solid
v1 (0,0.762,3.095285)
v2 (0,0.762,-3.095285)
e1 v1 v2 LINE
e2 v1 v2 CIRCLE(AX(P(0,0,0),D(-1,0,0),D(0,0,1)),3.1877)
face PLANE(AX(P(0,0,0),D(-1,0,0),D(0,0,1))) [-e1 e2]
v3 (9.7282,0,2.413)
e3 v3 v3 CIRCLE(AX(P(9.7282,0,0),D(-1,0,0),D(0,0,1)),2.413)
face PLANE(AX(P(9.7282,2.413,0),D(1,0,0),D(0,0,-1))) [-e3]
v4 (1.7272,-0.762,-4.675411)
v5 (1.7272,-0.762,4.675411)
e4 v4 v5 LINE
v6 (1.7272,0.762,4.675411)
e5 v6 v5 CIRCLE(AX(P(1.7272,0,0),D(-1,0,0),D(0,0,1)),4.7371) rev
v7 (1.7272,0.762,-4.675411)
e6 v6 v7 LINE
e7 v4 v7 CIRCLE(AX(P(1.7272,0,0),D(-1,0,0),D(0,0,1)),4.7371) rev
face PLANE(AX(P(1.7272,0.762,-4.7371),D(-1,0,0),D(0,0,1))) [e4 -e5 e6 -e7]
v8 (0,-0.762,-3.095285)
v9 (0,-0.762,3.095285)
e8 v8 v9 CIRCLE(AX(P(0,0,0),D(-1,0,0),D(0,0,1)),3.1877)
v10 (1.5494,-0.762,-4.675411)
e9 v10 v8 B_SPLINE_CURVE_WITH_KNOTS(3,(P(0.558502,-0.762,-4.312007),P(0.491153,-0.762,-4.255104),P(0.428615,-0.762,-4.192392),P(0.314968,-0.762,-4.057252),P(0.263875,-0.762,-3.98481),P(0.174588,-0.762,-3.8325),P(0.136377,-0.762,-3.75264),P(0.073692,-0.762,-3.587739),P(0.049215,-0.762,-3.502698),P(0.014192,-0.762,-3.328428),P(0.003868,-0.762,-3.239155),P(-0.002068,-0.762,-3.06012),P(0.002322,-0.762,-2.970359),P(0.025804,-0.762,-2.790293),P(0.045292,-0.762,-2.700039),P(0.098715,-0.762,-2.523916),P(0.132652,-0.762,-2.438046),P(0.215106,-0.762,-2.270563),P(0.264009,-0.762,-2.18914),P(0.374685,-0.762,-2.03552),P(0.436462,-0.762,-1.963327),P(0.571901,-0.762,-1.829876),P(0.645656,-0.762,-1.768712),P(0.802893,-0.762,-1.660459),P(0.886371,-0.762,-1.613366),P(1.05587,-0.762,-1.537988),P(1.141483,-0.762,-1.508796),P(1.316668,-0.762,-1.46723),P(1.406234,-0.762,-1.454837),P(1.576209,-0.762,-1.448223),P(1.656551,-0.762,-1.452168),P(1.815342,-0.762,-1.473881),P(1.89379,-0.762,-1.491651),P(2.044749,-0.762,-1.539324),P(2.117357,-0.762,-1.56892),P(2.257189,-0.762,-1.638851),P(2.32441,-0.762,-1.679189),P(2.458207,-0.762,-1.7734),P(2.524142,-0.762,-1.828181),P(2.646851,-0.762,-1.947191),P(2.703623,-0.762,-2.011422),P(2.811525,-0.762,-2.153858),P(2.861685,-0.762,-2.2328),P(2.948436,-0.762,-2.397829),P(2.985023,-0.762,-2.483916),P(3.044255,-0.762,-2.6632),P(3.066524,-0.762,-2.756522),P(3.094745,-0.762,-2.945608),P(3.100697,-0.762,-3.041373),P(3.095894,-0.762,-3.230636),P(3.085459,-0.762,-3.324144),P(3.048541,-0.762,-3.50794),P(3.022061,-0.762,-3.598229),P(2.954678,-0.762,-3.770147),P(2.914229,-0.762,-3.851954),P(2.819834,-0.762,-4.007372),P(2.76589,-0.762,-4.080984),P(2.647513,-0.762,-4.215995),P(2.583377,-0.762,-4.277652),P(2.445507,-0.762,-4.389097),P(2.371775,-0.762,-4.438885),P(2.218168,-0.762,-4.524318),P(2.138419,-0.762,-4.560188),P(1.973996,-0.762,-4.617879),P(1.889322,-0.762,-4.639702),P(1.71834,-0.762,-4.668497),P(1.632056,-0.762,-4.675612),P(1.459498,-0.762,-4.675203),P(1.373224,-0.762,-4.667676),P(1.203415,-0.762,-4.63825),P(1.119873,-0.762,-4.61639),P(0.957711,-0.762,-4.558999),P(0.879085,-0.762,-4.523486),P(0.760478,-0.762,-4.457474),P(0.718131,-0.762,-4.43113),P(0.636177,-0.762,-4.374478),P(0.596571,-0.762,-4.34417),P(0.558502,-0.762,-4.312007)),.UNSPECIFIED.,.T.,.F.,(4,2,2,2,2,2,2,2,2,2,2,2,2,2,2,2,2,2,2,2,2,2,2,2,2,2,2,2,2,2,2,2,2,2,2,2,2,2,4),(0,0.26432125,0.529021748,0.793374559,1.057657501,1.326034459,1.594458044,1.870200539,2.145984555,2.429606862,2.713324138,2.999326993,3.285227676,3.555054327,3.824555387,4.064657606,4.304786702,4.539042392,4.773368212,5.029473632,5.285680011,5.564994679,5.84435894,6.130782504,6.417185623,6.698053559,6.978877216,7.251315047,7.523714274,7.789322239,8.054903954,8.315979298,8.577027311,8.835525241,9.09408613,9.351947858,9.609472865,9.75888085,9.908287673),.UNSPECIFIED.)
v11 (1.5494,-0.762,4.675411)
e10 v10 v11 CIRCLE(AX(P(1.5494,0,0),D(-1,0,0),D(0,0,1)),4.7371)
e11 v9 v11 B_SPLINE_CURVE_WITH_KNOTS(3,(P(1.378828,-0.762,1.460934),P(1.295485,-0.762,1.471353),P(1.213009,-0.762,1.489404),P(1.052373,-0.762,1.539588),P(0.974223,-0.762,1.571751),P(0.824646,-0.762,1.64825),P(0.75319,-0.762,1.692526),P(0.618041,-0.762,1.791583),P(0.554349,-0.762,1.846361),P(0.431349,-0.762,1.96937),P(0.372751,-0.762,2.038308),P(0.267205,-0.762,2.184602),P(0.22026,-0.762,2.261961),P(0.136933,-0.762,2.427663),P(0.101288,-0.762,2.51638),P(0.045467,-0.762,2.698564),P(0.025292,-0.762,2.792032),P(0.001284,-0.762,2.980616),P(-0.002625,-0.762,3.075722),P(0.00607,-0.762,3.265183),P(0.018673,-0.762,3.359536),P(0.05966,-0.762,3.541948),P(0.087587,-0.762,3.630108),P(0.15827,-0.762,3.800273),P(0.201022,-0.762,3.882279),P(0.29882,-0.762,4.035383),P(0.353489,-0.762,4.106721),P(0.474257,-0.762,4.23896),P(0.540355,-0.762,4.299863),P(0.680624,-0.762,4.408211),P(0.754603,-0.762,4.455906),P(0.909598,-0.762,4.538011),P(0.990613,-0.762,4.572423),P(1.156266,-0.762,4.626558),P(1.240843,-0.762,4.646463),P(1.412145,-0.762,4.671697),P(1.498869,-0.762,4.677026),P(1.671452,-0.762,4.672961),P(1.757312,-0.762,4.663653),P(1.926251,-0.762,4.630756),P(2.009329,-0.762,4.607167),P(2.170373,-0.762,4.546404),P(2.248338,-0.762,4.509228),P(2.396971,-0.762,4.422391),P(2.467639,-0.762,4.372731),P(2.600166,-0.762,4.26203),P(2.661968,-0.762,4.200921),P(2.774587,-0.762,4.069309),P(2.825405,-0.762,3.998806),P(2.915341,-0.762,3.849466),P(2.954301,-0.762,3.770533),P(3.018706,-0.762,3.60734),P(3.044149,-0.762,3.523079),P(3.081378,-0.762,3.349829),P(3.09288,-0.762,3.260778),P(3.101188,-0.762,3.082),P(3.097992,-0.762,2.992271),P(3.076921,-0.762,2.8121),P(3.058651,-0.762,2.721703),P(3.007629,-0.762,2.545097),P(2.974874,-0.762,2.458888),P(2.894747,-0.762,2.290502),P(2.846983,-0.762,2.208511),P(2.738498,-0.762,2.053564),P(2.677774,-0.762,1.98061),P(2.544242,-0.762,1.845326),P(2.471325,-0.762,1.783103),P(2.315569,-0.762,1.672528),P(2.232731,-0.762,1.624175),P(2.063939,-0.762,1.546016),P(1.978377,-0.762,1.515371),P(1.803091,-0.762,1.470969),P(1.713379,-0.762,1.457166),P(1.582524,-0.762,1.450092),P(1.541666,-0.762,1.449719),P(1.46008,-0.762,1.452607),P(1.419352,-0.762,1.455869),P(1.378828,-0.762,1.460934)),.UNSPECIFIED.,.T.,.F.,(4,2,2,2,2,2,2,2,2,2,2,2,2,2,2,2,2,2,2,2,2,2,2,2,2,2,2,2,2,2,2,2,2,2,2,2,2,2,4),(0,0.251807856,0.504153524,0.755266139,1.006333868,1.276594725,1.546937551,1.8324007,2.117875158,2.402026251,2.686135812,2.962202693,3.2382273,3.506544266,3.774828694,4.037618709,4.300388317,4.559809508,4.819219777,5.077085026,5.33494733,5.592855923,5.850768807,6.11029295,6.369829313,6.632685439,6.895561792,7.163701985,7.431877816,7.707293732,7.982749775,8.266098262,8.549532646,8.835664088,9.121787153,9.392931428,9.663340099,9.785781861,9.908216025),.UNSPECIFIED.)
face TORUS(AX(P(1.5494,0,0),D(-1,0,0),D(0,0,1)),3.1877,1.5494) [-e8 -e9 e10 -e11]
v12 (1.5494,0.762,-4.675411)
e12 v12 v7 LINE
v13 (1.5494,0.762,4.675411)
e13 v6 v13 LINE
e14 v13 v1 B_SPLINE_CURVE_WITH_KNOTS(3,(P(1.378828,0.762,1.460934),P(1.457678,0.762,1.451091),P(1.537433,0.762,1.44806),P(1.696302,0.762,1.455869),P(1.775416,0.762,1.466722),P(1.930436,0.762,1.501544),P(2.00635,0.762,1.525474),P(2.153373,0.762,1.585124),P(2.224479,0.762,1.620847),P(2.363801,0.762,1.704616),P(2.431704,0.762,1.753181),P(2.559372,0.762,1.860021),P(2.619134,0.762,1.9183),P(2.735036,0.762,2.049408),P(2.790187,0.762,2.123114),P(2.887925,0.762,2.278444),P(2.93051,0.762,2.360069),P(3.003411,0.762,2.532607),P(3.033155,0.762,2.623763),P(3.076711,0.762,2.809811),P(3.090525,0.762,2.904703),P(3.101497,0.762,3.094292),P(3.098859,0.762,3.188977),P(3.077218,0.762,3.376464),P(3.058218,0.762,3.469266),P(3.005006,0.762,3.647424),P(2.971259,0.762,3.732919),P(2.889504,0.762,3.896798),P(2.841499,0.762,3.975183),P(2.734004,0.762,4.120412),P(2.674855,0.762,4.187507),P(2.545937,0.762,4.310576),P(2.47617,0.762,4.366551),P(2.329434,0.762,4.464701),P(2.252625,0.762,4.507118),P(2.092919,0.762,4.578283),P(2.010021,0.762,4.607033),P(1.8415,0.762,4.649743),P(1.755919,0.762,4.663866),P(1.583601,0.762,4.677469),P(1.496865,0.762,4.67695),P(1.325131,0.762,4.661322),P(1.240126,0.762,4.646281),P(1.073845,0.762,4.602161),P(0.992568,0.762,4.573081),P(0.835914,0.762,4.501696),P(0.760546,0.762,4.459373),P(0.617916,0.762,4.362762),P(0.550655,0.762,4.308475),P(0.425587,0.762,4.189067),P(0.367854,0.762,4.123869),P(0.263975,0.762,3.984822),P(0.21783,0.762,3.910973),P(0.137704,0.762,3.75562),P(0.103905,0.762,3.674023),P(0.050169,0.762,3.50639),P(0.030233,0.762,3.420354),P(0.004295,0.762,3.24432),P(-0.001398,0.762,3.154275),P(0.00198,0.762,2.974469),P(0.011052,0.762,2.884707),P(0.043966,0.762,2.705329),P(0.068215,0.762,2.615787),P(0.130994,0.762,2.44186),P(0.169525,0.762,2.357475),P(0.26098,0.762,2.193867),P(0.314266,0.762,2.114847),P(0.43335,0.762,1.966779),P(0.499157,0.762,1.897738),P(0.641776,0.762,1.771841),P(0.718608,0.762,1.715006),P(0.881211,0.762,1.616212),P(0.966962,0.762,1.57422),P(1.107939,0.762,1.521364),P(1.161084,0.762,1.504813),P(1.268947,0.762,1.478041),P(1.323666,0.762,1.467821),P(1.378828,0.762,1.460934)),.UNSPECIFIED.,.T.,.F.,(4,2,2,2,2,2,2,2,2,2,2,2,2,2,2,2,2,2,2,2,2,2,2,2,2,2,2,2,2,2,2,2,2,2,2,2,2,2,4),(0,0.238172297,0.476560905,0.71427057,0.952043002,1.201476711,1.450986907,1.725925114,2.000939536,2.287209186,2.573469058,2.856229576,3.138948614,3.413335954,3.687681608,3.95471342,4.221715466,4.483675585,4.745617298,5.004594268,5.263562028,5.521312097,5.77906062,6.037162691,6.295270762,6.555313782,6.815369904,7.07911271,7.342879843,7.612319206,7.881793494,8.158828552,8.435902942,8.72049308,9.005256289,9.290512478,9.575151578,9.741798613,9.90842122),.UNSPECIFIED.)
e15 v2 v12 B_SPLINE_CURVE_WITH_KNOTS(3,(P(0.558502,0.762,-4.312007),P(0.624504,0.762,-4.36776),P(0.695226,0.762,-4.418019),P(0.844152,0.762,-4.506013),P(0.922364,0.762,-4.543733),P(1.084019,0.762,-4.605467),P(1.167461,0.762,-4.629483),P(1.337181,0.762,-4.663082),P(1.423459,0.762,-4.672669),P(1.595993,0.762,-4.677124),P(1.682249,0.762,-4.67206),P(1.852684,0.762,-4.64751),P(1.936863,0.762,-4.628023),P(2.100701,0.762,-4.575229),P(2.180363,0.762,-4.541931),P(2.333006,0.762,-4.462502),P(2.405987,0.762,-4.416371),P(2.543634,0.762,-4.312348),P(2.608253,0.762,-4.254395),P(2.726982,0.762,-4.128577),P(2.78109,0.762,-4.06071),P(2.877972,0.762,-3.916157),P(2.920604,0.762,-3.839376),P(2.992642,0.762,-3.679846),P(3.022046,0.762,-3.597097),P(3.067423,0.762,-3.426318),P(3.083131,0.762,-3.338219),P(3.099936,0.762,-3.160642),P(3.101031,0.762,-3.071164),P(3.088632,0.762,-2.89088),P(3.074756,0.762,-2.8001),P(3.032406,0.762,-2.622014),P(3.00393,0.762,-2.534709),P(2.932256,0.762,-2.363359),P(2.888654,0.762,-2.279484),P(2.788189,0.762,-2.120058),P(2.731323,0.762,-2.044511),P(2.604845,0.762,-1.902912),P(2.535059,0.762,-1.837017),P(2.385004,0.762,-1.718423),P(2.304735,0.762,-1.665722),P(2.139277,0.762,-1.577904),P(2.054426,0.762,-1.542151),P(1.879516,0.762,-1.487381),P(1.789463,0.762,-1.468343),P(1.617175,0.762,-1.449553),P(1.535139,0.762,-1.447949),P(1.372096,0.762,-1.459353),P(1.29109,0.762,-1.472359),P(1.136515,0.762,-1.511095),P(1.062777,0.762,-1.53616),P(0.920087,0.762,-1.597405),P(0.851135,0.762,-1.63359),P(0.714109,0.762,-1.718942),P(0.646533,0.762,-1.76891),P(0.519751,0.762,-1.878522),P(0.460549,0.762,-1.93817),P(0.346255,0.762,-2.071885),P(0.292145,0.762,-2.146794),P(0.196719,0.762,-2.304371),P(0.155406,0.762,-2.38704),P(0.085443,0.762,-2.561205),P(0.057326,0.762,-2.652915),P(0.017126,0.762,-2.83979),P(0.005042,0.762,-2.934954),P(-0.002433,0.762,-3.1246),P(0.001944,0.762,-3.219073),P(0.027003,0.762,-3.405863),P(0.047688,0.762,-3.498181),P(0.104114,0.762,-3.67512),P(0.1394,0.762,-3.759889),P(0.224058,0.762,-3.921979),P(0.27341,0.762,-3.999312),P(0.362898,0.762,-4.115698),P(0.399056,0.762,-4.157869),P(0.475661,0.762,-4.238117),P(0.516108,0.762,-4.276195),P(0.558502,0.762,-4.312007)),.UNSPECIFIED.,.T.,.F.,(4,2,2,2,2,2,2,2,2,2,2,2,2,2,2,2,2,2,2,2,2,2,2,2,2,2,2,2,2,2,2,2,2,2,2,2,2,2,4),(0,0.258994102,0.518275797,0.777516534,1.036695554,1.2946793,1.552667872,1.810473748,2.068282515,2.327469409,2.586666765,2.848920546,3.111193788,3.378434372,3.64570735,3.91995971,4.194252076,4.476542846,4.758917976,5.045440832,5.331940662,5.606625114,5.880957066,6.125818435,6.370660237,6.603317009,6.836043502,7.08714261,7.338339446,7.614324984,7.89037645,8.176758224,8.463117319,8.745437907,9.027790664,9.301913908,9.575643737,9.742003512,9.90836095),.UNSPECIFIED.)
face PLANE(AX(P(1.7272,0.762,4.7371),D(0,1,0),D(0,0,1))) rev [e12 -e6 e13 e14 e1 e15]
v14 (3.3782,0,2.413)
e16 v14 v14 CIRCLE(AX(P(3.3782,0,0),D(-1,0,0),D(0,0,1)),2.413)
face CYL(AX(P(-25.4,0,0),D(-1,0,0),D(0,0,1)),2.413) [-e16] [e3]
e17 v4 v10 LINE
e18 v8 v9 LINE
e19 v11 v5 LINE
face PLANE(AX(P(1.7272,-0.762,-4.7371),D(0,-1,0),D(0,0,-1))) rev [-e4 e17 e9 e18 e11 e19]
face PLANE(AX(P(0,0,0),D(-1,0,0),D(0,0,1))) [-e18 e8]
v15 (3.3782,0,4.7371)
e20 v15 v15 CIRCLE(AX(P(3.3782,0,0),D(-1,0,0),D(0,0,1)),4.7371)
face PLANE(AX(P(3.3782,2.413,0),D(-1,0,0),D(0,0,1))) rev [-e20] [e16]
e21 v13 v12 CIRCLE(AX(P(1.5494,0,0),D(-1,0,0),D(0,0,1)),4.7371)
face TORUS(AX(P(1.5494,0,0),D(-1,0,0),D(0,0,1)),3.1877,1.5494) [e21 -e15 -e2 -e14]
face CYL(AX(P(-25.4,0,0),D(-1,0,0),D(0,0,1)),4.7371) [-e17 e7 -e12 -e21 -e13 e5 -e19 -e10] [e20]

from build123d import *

# Parameters (mm, degrees)
SKETCH2_W  = 9.4742
SKETCH2_H  = 1.524
SLOT_DEPTH = 1.7272


with BuildPart() as part:
    # BodySke → Base-Revolve (revolve)
    with BuildSketch(Plane.XY, mode=Mode.PRIVATE) as base_revolve_sk:
        with BuildLine():
            Line((3.3782, 2.413), (3.3782, 4.7371))
            Line((3.3782, 4.7371), (1.5494, 4.7371))
            ThreePointArc((1.5494, 4.7371), (0.453808753, 4.283291247), (0, 3.1877))
            Line((0, 3.1877), (0, 0))
            Line((0, 0), (9.7282, 0))
            Line((9.7282, 0), (9.7282, 2.413))
            Line((9.7282, 2.413), (3.3782, 2.413))
        make_face()
    revolve(base_revolve_sk.sketch.rotate(Axis((-25.4, 0, 0), (1, 0, 0)), 90), axis=Axis((-25.4, 0, 0), (1, 0, 0)))

    # Sketch2 → Slot (cut)
    with BuildSketch(Plane(origin=(0, 0, 0), x_dir=(0, 0, -1), z_dir=(1, 0, 0))):
        Rectangle(SKETCH2_W, SKETCH2_H)
    extrude(amount=SLOT_DEPTH, mode=Mode.SUBTRACT)


solid = part.part
